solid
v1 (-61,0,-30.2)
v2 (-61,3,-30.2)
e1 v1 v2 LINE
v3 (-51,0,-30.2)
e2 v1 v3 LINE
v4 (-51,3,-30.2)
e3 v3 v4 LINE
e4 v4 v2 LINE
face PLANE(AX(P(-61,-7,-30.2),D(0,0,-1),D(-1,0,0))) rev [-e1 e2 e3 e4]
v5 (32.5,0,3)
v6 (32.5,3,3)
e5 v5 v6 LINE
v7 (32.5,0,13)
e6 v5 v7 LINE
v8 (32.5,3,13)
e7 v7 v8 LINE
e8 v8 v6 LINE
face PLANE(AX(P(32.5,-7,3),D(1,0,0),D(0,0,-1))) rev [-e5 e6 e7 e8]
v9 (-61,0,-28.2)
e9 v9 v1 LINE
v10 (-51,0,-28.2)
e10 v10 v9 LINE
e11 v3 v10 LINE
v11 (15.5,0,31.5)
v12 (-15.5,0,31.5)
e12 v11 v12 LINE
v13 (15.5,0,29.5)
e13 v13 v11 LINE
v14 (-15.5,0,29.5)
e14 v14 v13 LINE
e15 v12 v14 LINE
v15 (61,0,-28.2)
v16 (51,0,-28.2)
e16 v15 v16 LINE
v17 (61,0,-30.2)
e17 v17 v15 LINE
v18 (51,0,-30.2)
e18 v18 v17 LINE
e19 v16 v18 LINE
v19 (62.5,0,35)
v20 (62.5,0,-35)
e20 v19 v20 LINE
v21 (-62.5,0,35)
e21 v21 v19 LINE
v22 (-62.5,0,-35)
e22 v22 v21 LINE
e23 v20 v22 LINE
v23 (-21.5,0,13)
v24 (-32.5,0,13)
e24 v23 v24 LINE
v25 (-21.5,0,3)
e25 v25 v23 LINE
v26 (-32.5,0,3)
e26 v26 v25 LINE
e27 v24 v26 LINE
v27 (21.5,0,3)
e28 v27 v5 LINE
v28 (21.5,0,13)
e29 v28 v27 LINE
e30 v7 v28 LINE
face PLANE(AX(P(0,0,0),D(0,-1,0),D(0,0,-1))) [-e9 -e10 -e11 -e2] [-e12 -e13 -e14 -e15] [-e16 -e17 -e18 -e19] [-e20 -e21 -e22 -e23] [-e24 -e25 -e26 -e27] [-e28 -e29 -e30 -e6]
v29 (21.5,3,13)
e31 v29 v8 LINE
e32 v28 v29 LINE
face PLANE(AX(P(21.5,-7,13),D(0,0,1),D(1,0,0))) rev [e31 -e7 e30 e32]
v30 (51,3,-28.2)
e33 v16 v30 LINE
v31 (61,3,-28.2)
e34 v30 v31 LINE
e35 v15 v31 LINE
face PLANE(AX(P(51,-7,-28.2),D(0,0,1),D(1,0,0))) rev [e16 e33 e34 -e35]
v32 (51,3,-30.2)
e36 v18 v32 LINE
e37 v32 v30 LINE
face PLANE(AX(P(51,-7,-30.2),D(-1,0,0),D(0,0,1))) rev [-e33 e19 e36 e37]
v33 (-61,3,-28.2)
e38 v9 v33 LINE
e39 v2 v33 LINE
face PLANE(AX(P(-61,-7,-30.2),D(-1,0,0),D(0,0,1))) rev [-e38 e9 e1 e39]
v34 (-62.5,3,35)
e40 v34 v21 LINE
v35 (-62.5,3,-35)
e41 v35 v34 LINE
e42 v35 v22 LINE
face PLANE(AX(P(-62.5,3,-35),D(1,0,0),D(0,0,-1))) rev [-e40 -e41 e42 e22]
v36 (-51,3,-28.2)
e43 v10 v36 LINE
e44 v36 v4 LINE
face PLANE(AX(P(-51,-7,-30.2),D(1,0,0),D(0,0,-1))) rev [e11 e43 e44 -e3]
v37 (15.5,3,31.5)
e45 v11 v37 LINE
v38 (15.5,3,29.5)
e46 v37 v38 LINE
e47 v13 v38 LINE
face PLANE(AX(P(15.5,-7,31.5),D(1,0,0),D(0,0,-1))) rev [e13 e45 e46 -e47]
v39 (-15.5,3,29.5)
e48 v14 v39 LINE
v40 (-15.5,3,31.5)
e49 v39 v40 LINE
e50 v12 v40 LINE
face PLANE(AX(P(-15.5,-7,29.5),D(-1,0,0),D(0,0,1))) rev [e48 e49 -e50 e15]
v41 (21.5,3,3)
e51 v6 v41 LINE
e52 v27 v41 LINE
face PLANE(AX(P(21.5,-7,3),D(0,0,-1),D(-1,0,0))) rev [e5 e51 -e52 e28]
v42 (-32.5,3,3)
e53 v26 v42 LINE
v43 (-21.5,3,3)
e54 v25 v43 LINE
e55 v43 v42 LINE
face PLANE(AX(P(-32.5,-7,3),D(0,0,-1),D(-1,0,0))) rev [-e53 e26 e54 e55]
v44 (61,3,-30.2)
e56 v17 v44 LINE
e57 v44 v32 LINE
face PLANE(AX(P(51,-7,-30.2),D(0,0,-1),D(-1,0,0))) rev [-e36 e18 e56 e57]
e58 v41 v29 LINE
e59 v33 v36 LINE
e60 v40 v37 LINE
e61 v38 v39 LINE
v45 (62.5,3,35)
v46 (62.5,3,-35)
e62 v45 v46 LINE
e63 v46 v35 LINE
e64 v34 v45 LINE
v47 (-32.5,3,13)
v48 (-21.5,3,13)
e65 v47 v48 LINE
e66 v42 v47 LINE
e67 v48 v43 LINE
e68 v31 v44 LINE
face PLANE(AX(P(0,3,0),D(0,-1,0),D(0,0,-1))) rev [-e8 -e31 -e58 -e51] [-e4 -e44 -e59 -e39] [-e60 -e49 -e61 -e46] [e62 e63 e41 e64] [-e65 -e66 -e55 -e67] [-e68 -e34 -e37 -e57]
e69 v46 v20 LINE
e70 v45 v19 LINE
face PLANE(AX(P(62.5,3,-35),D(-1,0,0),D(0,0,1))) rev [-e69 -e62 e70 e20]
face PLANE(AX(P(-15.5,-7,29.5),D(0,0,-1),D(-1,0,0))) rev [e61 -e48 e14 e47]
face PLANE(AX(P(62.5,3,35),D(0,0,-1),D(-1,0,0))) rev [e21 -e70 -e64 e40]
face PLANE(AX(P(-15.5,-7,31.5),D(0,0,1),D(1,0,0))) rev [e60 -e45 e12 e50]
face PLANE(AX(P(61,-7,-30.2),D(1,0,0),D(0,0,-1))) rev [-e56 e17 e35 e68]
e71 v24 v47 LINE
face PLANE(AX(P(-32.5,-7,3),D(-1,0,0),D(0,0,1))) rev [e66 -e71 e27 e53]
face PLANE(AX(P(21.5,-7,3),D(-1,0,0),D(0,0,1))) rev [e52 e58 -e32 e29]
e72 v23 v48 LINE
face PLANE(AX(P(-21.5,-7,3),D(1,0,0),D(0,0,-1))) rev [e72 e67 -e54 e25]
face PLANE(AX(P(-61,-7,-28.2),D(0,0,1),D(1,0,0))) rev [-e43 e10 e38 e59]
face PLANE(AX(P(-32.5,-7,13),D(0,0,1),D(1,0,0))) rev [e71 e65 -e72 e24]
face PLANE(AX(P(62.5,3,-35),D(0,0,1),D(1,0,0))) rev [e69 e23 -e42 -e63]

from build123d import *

# Parameters (mm, degrees)
CROQUIS1_W              = 125
CROQUIS1_H              = 70
SALIENTE_EXTRUIR1_DEPTH = 3
CROQUIS2_W              = 10
CROQUIS2_H              = 2
CORTAR_EXTRUIR1_DEPTH   = 10
CROQUIS3_W              = 31
CROQUIS3_H              = 2
CORTAR_EXTRUIR2_DEPTH   = 10
CROQUIS4_W              = 11
CROQUIS4_H              = 10
CORTAR_EXTRUIR3_DEPTH   = 10


with BuildPart() as part:
    # Croquis1 → Saliente-Extruir1 (new body)
    with BuildSketch(Plane(origin=(0, 0, 0), x_dir=(1, 0, 0), z_dir=(0, 1, 0))):
        Rectangle(CROQUIS1_W, CROQUIS1_H)
    extrude(amount=SALIENTE_EXTRUIR1_DEPTH)

    # Croquis2 → Cortar-Extruir1 (cut)
    with BuildSketch(Plane(origin=(0, 3, 0), x_dir=(1, 0, 0), z_dir=(0, 1, 0))):
        with Locations((-56, 29.2)):
            Rectangle(CROQUIS2_W, CROQUIS2_H)
        with Locations((56, 29.2)):
            Rectangle(CROQUIS2_W, CROQUIS2_H)
    extrude(amount=-CORTAR_EXTRUIR1_DEPTH, mode=Mode.SUBTRACT)

    # Croquis3 → Cortar-Extruir2 (cut)
    with BuildSketch(Plane(origin=(0, 3, 0), x_dir=(1, 0, 0), z_dir=(0, 1, 0))):
        with Locations((0, -30.5)):
            Rectangle(CROQUIS3_W, CROQUIS3_H)
    extrude(amount=-CORTAR_EXTRUIR2_DEPTH, mode=Mode.SUBTRACT)

    # Croquis4 → Cortar-Extruir3 (cut)
    with BuildSketch(Plane(origin=(0, 3, 0), x_dir=(1, 0, 0), z_dir=(0, 1, 0))):
        with Locations((-27, -8)):
            Rectangle(CROQUIS4_W, CROQUIS4_H)
        with Locations((27, -8)):
            Rectangle(CROQUIS4_W, CROQUIS4_H)
    extrude(amount=-CORTAR_EXTRUIR3_DEPTH, mode=Mode.SUBTRACT)


solid = part.part
